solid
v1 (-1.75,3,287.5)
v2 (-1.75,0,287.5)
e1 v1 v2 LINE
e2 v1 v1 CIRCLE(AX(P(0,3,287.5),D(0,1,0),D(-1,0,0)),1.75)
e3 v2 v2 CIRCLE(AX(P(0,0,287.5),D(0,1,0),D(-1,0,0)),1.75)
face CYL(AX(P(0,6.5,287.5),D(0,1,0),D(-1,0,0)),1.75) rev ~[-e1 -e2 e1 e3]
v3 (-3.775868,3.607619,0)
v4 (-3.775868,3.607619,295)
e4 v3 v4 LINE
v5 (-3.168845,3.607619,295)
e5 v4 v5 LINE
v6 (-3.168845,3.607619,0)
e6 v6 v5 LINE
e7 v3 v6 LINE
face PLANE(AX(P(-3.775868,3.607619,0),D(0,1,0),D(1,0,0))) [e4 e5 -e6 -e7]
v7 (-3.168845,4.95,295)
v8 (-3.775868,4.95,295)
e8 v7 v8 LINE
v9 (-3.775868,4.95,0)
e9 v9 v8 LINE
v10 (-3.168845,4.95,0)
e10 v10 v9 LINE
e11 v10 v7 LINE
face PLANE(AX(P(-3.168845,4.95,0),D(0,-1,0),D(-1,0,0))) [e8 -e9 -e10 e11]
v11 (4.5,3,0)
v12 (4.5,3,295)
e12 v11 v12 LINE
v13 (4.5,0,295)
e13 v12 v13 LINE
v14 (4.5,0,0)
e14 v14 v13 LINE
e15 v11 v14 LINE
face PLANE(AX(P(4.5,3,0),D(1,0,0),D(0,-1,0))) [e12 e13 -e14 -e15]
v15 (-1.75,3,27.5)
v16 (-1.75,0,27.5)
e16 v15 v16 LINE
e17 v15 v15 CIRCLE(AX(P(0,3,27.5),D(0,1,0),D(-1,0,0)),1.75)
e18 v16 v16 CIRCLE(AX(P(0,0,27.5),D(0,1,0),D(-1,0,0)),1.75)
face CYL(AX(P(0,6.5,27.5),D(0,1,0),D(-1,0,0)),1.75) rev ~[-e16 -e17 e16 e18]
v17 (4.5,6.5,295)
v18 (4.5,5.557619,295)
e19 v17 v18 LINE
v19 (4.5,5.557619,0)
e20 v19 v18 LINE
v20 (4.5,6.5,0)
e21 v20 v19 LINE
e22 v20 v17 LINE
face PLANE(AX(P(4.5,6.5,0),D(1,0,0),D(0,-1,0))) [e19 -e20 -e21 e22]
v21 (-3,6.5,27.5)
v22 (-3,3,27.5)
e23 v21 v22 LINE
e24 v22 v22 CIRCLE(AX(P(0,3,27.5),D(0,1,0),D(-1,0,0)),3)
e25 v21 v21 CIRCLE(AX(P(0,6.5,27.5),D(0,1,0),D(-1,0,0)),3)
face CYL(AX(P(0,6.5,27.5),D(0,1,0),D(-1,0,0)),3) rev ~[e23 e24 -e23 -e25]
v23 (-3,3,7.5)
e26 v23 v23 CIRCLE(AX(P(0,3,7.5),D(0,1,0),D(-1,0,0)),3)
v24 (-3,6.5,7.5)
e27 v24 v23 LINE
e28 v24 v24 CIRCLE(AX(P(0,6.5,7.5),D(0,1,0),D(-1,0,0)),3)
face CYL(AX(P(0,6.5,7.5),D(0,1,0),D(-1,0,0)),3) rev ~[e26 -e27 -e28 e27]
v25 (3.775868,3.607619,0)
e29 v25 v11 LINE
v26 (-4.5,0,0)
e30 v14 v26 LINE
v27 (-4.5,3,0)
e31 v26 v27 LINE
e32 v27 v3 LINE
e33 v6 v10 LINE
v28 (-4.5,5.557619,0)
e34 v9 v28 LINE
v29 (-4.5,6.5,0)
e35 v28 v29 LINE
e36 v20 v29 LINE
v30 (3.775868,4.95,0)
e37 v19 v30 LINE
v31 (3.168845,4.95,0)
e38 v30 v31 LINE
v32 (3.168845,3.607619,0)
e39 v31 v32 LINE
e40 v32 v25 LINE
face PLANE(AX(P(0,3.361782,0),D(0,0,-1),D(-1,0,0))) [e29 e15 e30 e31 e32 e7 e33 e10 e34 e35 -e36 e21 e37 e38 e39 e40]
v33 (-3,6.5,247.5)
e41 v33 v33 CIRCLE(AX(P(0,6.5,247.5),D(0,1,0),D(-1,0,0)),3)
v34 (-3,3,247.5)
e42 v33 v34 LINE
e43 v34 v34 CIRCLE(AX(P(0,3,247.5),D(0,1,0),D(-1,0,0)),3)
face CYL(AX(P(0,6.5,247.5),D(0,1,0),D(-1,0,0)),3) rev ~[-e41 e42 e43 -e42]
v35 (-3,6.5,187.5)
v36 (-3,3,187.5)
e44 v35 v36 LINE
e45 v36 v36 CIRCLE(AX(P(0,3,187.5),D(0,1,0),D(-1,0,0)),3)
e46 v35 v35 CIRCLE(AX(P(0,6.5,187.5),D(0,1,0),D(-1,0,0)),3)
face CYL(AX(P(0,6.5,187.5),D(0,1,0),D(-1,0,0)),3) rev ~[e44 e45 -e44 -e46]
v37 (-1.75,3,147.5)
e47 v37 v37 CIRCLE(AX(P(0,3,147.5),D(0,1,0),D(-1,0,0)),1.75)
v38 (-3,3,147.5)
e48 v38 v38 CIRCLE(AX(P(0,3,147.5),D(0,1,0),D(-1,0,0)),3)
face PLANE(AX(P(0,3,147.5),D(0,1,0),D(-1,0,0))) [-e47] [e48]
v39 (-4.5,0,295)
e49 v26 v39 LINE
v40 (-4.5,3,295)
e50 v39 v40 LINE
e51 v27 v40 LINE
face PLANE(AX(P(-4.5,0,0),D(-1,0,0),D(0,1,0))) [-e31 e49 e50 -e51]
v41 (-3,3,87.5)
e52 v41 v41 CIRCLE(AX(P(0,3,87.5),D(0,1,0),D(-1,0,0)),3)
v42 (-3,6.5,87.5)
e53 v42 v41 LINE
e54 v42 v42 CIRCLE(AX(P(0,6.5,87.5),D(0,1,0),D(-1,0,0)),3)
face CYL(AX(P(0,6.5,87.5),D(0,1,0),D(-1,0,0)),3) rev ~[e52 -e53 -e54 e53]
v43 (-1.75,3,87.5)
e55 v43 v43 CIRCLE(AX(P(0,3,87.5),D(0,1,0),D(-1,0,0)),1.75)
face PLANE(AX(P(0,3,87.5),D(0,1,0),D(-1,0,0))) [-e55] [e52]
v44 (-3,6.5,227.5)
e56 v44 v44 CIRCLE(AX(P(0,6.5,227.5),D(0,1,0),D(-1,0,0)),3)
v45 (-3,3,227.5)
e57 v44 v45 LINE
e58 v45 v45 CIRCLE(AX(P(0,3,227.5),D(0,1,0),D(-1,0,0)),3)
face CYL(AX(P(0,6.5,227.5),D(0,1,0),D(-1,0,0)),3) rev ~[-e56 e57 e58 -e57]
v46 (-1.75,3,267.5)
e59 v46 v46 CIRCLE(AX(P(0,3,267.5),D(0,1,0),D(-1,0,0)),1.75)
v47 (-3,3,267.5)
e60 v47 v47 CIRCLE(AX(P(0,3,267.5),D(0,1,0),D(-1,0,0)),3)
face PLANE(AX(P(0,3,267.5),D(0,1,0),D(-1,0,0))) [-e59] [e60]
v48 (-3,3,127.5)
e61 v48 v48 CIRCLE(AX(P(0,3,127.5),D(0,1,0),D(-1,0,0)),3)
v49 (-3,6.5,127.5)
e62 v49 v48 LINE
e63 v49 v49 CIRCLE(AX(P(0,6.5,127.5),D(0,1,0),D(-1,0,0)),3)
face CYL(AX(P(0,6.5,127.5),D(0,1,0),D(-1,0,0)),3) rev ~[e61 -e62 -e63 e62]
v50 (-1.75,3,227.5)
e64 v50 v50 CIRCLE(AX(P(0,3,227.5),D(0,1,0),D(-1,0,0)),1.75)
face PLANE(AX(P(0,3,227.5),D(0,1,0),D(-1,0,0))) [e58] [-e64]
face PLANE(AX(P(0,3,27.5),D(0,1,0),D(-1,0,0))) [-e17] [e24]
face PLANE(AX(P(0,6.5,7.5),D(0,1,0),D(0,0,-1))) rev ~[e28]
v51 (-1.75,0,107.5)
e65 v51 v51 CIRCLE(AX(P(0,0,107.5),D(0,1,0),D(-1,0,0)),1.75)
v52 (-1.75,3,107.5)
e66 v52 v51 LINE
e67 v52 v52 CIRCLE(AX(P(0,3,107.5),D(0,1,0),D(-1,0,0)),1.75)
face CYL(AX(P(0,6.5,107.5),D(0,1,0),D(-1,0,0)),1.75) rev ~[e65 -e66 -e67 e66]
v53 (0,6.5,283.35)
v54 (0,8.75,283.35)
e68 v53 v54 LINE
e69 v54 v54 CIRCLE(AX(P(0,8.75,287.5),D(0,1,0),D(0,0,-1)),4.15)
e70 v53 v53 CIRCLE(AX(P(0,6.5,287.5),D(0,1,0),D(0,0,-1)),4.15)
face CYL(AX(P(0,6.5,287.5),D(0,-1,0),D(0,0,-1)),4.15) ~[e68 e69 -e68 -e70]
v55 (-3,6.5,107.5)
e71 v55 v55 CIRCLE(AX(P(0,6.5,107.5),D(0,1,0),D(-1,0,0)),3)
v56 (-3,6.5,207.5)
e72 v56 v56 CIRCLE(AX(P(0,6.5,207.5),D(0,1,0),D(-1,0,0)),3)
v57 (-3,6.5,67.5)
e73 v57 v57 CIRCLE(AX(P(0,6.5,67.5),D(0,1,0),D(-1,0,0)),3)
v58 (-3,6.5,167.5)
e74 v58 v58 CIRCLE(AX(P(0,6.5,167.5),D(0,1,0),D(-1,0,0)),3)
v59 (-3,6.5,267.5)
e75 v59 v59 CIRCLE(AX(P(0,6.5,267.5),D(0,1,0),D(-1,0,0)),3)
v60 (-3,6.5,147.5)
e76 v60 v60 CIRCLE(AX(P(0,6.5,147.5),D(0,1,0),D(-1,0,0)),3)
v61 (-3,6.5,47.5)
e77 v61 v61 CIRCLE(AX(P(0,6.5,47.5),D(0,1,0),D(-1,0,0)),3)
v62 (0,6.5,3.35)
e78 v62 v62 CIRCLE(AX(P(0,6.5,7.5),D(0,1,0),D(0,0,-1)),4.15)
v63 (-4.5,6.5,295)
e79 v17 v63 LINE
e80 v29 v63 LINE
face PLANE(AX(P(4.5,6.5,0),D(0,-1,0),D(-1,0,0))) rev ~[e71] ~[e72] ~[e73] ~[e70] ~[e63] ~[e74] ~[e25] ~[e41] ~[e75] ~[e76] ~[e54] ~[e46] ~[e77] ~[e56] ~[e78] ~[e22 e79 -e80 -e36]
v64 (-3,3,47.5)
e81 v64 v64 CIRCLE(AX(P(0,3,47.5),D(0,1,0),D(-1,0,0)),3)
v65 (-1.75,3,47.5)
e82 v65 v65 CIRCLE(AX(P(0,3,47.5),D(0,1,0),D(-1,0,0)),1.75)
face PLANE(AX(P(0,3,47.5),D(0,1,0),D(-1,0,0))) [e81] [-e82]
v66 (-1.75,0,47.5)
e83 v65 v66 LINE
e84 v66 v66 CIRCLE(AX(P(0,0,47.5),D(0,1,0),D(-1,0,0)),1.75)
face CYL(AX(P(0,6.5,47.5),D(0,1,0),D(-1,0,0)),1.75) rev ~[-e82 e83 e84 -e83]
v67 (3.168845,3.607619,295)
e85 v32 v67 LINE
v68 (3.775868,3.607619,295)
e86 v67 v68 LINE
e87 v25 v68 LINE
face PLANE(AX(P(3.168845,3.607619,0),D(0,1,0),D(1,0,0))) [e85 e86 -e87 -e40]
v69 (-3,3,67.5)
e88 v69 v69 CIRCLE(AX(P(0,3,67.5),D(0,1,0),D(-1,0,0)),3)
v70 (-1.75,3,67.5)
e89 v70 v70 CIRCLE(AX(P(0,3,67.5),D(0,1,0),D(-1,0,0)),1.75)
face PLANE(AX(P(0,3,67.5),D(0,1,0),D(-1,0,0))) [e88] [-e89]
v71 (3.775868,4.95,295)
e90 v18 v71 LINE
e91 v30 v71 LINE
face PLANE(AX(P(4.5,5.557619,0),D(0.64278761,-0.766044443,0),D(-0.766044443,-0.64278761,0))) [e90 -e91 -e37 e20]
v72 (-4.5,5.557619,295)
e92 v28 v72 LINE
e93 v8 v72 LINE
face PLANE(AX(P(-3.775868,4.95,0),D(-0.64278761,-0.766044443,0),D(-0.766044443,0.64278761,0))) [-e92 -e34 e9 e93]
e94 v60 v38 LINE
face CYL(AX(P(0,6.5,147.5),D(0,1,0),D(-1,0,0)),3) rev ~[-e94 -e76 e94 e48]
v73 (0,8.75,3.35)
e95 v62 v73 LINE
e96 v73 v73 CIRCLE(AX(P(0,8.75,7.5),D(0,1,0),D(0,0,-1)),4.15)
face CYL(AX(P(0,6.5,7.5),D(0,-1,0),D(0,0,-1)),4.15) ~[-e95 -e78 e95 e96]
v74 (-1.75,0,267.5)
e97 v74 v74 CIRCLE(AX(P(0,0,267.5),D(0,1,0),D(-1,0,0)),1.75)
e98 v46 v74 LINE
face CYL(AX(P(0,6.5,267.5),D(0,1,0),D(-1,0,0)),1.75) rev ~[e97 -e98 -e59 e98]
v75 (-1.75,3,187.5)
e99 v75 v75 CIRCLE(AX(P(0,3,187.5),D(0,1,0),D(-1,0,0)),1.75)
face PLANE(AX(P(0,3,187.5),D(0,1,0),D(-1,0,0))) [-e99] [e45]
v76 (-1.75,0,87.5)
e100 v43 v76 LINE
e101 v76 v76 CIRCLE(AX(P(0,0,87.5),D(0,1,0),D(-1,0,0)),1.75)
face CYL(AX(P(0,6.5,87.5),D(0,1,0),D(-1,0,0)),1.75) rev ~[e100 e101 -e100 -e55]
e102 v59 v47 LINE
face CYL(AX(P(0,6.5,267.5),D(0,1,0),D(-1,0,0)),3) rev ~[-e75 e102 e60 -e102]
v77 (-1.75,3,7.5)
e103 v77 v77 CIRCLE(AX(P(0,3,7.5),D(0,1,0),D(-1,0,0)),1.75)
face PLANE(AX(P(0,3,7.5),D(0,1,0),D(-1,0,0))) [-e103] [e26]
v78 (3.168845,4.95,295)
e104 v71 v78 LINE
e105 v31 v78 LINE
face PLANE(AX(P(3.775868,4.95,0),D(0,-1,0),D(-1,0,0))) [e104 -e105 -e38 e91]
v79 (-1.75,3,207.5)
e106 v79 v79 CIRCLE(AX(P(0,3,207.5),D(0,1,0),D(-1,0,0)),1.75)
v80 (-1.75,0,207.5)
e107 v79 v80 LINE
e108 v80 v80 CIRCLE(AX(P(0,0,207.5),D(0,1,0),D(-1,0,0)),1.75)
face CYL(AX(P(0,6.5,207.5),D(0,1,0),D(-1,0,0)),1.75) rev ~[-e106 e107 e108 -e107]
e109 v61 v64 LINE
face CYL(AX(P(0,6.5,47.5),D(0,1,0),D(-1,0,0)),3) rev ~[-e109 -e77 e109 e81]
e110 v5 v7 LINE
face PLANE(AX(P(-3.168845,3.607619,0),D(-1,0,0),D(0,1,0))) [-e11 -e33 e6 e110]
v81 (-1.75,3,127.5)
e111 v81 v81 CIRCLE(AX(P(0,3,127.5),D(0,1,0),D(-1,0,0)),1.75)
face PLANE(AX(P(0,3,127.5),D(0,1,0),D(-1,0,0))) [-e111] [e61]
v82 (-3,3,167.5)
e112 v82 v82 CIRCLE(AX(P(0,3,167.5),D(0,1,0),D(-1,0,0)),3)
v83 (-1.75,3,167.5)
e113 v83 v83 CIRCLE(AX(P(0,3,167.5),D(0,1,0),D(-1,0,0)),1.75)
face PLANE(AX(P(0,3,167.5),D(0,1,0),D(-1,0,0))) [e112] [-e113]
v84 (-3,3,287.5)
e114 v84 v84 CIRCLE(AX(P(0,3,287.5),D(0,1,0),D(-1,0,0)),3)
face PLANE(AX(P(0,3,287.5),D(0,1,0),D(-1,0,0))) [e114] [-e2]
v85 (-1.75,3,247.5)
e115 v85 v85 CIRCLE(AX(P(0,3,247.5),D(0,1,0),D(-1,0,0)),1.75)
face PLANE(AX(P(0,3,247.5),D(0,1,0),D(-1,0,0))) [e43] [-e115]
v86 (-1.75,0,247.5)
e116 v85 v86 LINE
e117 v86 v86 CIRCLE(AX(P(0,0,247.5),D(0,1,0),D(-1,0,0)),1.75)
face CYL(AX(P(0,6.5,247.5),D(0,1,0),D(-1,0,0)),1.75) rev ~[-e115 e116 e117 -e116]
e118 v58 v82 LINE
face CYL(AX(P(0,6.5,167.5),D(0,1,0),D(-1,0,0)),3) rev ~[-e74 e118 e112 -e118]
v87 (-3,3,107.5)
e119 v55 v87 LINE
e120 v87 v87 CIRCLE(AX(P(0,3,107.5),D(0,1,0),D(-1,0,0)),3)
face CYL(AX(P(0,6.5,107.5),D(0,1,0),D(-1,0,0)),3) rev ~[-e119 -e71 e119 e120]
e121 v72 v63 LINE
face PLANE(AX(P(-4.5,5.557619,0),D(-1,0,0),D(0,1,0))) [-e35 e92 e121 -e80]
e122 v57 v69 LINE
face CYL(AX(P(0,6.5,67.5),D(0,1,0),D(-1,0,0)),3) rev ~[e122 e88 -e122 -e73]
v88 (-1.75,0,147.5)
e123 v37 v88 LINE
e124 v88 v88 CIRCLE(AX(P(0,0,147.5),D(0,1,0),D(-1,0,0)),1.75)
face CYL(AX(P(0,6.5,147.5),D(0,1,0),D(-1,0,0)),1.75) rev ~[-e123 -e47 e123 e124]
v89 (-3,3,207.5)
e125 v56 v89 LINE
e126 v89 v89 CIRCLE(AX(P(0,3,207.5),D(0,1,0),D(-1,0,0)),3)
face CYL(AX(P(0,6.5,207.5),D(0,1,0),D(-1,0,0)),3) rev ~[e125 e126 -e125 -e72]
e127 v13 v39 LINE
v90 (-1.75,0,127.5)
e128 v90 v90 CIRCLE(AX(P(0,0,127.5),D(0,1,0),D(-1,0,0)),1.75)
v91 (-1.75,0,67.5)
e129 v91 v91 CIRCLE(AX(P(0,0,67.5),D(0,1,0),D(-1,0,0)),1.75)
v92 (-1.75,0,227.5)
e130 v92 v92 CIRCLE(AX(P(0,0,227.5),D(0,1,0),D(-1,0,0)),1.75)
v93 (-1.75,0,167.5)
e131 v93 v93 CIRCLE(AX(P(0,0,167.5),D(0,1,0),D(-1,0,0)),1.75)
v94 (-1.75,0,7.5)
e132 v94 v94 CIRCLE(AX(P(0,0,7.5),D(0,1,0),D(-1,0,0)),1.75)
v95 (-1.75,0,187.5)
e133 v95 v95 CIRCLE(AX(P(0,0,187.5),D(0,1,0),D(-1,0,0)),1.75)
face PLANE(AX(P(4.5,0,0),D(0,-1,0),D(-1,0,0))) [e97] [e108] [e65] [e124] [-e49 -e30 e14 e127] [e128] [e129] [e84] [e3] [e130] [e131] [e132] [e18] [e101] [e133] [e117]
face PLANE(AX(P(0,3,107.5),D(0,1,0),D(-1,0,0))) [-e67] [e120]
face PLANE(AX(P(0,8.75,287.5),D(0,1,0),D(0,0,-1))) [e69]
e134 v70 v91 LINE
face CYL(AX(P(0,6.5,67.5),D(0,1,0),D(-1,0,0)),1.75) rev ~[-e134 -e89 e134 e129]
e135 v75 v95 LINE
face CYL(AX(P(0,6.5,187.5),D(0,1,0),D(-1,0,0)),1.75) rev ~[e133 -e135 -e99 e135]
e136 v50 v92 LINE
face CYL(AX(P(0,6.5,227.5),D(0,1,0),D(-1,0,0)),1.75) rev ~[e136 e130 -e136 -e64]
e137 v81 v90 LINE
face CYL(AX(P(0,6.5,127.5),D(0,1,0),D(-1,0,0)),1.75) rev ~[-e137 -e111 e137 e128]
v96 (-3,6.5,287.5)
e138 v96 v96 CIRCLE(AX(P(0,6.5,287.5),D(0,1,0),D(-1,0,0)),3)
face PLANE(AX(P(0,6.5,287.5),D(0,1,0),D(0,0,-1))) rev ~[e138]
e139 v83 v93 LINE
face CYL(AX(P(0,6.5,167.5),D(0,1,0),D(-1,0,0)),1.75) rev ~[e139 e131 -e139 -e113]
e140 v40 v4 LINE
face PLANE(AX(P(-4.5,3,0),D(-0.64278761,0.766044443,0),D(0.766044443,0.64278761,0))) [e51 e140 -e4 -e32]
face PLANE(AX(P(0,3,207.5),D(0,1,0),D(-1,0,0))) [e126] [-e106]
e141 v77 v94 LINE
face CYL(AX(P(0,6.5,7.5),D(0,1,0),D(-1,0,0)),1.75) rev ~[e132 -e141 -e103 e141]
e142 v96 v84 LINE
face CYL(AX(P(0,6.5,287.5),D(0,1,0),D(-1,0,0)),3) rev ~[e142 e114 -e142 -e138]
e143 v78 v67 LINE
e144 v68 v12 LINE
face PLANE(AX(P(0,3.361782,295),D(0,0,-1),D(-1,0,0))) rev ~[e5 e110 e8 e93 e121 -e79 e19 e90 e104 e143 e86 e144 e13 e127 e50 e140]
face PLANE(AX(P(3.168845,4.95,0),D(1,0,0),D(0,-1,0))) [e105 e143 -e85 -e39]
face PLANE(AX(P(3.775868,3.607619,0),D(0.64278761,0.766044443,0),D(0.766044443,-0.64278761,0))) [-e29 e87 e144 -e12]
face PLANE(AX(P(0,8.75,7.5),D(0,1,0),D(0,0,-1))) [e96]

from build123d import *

# Parameters (mm, degrees)
BOSS_EXTRUDE1_DEPTH = 295
SKETCH2_R           = 1.75
CUT_EXTRUDE1_DEPTH  = 296.105913191
SKETCH2_3_R         = 3
SKETCH2_3_R_2       = 1.75
CUT_EXTRUDE2_DEPTH  = 3.5
LPATTERN1_COUNT     = 15
LPATTERN1_PITCH     = 20
SKETCH4_R           = 4.15
BOSS_EXTRUDE2_DEPTH = 2.25
LPATTERN2_COUNT     = 2
LPATTERN2_PITCH     = 280


with BuildPart() as part:
    # Sketch1 → Boss-Extrude1 (new body)
    with BuildSketch(Plane.XY):
        Polygon((4.5, 0), (-4.5, 0), (-4.5, 3), (-3.775867518, 3.607619299), (-3.168844988, 3.607619299), (-3.168844988, 4.95), (-3.775867518, 4.95), (-4.5, 5.557619299), (-4.5, 6.5), (0, 6.5), (4.5, 6.5), (4.5, 5.557619299), (3.775867518, 4.95), (3.168844988, 4.95), (3.168844988, 3.607619299), (3.775867518, 3.607619299), (4.5, 3), align=None)
    extrude(amount=BOSS_EXTRUDE1_DEPTH)

    # Sketch2 → Cut-Extrude1 (cut, through all)
    with BuildSketch(Plane(origin=(0, 6.5, 0), x_dir=(1, 0, 0), z_dir=(0, 1, 0))):
        with Locations((0, -7.5)):
            Circle(SKETCH2_R)
    cut_extrude1 = extrude(amount=-CUT_EXTRUDE1_DEPTH, mode=Mode.SUBTRACT)

    # Sketch2<3> → Cut-Extrude2 (cut)
    with BuildSketch(Plane(origin=(0, 6.5, 0), x_dir=(1, 0, 0), z_dir=(0, 1, 0))):
        with Locations((0, -7.5)):
            Circle(SKETCH2_3_R)
        with Locations((0, -7.5)):
            Circle(SKETCH2_3_R_2, mode=Mode.SUBTRACT)
    cut_extrude2 = extrude(amount=-CUT_EXTRUDE2_DEPTH, mode=Mode.SUBTRACT)

    # LPattern1: Cut-Extrude1, Cut-Extrude2 ×15
    with Locations(*[(0, 0, i * LPATTERN1_PITCH) for i in range(1, LPATTERN1_COUNT)]):
        add(cut_extrude1, mode=Mode.SUBTRACT)
        add(cut_extrude2, mode=Mode.SUBTRACT)

    # Sketch4 → Boss-Extrude2 (add)
    with BuildSketch(Plane(origin=(0, 6.5, 0), x_dir=(1, 0, 0), z_dir=(0, 1, 0))):
        with Locations((0, -7.5)):
            Circle(SKETCH4_R)
    boss_extrude2 = extrude(amount=BOSS_EXTRUDE2_DEPTH)

    # LPattern2: Boss-Extrude2 ×2
    with Locations(*[(0, 0, i * LPATTERN2_PITCH) for i in range(1, LPATTERN2_COUNT)]):
        add(boss_extrude2)


solid = part.part
